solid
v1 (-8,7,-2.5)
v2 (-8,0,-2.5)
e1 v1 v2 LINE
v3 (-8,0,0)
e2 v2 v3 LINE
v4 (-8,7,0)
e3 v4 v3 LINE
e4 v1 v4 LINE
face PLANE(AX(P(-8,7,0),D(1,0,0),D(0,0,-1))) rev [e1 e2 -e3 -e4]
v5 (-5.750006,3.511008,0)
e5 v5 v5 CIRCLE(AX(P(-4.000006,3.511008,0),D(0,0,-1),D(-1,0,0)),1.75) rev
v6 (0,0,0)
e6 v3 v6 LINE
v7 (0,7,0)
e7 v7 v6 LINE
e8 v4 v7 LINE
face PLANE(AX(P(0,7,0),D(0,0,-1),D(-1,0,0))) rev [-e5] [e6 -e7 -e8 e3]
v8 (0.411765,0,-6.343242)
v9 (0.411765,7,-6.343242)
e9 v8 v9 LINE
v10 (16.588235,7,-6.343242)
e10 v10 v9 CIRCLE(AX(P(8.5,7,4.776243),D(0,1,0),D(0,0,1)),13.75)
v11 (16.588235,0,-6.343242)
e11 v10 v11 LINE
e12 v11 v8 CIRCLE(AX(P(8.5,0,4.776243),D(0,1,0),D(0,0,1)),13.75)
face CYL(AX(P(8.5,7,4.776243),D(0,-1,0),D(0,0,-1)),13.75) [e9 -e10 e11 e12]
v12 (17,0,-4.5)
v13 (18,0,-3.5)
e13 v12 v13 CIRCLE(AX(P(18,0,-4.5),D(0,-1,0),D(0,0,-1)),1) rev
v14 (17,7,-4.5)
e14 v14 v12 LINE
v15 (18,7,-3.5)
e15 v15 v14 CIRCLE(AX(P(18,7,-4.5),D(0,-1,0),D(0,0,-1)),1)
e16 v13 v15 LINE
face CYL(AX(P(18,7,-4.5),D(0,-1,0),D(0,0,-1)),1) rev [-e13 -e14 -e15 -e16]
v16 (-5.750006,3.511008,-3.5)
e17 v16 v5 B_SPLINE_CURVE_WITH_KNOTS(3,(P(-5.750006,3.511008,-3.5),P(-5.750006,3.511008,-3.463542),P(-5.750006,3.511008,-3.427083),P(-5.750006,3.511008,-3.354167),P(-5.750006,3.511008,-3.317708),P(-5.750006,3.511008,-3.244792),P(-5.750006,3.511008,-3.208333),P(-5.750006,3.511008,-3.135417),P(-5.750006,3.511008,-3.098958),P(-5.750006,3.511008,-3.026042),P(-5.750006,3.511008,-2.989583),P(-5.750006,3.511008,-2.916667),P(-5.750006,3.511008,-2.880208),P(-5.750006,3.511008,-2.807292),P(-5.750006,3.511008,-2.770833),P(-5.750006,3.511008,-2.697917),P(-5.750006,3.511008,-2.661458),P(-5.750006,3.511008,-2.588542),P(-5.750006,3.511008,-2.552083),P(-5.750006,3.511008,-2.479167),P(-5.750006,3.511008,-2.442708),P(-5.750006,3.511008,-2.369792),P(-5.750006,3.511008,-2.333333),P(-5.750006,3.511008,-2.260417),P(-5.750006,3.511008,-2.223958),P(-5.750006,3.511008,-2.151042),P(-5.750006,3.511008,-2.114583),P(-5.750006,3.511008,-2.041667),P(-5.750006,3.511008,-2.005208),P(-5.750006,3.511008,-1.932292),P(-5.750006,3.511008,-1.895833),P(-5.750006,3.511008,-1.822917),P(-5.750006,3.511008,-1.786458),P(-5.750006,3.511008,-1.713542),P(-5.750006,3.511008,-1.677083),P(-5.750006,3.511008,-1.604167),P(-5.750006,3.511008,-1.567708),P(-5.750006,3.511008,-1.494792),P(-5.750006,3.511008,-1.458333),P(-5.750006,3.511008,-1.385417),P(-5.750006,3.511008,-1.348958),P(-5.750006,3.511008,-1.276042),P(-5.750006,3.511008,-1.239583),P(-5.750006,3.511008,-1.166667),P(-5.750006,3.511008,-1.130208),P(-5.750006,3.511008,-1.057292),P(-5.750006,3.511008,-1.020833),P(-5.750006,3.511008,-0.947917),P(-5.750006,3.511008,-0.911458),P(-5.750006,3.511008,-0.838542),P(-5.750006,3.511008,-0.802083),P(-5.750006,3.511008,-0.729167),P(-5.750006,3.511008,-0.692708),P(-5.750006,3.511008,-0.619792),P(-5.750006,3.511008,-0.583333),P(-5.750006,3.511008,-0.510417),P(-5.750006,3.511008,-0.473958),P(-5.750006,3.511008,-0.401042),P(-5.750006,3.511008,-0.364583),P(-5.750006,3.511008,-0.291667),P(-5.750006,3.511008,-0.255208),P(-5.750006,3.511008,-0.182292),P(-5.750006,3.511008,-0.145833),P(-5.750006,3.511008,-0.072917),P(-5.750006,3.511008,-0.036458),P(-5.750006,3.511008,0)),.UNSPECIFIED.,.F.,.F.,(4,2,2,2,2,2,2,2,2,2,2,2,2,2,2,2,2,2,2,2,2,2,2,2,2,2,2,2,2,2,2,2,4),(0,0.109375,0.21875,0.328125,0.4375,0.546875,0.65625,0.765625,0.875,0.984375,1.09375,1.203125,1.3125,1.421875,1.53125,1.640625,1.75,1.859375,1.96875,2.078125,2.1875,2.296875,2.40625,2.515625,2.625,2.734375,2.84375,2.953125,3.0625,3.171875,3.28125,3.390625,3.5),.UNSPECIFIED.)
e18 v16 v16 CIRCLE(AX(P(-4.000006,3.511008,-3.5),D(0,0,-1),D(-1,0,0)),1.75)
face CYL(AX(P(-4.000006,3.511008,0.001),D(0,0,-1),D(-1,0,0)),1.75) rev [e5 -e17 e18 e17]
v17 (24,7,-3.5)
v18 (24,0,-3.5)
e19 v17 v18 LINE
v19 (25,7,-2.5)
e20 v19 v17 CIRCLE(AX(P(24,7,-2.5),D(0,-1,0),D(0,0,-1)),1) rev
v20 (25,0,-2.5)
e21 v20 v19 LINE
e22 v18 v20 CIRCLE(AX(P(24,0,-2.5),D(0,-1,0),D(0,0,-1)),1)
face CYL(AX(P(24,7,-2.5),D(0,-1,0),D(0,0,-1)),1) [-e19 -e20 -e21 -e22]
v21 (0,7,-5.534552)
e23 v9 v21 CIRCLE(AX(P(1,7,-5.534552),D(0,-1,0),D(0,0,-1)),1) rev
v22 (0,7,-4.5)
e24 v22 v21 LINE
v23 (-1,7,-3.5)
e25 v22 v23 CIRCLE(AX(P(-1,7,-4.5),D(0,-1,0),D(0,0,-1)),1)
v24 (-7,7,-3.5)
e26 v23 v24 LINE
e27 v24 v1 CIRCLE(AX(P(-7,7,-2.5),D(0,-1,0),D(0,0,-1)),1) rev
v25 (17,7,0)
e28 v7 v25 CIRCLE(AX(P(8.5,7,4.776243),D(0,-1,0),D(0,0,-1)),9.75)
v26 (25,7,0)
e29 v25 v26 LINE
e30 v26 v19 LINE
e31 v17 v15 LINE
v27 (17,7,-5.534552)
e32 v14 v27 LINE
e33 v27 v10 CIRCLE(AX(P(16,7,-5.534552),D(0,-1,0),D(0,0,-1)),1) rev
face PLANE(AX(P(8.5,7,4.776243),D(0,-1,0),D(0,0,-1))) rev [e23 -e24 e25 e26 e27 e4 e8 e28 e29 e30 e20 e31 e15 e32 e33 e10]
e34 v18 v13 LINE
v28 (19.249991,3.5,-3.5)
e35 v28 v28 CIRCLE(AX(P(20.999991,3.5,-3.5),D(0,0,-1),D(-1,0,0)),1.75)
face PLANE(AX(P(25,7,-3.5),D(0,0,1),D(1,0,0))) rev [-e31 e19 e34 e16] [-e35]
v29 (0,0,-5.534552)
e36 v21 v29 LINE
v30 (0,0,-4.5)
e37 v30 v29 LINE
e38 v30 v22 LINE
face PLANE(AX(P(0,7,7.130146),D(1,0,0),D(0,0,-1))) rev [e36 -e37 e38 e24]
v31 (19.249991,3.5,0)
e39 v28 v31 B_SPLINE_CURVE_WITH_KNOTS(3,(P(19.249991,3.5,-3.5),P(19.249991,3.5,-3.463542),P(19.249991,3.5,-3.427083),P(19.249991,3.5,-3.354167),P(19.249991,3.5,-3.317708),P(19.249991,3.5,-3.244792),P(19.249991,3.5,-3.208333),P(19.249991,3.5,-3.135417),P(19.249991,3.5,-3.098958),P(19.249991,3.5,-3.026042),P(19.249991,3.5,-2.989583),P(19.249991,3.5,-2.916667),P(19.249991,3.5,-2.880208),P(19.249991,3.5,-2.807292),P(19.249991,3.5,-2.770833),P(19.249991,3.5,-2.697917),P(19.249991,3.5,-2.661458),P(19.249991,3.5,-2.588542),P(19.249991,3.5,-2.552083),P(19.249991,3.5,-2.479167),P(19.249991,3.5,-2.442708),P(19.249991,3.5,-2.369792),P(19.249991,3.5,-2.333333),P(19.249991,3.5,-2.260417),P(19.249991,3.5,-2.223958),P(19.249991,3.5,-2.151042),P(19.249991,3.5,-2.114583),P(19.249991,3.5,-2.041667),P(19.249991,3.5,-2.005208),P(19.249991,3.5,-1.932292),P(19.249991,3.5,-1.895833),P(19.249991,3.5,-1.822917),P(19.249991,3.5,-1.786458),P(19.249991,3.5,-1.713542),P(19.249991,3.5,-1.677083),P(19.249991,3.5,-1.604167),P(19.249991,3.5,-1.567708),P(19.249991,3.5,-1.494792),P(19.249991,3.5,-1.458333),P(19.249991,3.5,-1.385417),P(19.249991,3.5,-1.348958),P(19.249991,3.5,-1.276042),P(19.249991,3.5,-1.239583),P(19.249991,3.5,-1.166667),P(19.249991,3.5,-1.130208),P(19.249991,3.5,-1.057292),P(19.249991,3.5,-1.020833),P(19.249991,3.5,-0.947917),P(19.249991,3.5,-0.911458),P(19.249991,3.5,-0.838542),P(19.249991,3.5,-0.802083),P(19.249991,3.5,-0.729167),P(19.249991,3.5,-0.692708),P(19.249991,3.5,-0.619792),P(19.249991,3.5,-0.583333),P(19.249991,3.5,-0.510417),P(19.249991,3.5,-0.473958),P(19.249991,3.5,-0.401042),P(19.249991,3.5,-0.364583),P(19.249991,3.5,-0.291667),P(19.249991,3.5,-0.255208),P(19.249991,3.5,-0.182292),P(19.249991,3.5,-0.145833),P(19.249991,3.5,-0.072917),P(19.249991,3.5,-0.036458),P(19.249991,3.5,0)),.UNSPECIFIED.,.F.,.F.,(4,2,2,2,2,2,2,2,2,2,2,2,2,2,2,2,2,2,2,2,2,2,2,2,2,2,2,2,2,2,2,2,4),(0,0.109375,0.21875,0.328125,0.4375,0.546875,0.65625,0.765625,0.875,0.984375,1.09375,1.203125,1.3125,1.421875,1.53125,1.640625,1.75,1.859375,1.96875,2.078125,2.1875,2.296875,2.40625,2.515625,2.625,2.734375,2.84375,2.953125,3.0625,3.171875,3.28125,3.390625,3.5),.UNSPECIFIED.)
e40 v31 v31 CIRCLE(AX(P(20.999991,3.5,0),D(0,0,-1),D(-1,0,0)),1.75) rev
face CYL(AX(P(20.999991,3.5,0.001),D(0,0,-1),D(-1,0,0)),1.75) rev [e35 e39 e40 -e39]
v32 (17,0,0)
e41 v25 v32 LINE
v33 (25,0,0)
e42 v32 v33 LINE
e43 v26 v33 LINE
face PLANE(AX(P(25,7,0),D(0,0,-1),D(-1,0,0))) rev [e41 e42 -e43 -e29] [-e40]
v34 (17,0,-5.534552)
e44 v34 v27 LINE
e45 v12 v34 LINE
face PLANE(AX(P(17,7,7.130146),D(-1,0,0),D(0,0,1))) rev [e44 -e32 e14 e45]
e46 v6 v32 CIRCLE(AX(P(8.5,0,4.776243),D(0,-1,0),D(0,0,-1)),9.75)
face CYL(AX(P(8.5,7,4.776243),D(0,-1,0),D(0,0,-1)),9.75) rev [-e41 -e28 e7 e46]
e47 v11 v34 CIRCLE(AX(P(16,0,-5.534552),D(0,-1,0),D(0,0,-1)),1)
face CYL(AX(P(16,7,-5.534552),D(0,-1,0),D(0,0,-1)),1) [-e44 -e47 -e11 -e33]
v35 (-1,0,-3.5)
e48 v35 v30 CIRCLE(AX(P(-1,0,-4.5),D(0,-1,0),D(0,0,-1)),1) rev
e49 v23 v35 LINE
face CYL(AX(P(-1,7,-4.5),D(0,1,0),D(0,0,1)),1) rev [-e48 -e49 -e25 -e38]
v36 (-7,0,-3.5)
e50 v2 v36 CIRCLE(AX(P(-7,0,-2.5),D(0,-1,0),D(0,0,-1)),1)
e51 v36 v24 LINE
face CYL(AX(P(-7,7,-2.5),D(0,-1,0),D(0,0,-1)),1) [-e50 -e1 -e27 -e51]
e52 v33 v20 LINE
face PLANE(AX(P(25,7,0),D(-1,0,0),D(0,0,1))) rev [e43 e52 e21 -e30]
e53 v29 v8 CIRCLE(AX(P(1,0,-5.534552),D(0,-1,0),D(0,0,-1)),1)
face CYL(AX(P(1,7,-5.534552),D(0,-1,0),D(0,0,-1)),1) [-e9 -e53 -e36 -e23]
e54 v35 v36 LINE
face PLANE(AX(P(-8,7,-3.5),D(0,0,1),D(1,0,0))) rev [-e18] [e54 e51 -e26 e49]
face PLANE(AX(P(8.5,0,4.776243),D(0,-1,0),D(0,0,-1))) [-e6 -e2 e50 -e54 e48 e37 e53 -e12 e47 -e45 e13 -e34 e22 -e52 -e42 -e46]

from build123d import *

# Parameters (mm, degrees)
BOSS_EXTRUDE1_DEPTH = 7
SKETCH4_W           = 8
SKETCH4_H           = 7
CUT_EXTRUDE5_DEPTH  = 5.473756706
CUT_EXTRUDE6_REACH  = 28.532
SKETCH7_R           = 1.75
FILLET3_R           = 1


with BuildPart() as part:
    # Sketch1 → Boss-Extrude1 (new body)
    with BuildSketch(Plane(origin=(0, 0, 0), x_dir=(1, 0, 0), z_dir=(0, 1, 0))):
        with BuildLine():
            Line((0, 0), (-8, 0))
            Line((-8, 0), (-8, 3.5))
            Line((-8, 3.5), (-2.480268528, 3.5))
            ThreePointArc((-2.480268528, 3.5), (8.5, 8.973756706), (19.480268528, 3.5))
            Line((19.480268528, 3.5), (25, 3.5))
            Line((25, 3.5), (25, 0))
            Line((25, 0), (17, 0))
            ThreePointArc((17, 0), (8.5, 4.973756706), (0, 0))
        make_face()
    extrude(amount=BOSS_EXTRUDE1_DEPTH)

    # Sketch4 → Cut-Extrude5 (cut)
    with BuildSketch(Plane(origin=(0, 0, -8.973756706), x_dir=(-1, 0, 0), z_dir=(0, 0, -1))):
        with Locations((-21, 3.5)):
            Rectangle(SKETCH4_W, SKETCH4_H)
        with Locations((4, 3.5)):
            Rectangle(SKETCH4_W, SKETCH4_H)
    extrude(amount=-CUT_EXTRUDE5_DEPTH, mode=Mode.SUBTRACT)

    # Sketch7 → Cut-Extrude6 (cut, up to next)
    with BuildSketch(Plane(origin=(0, 0, -3.5), x_dir=(-1, 0, 0), z_dir=(0, 0, -1)), mode=Mode.PRIVATE) as cut_extrude6_sk1:
        with Locations((-20.999991214, 3.5)):
            Circle(SKETCH7_R)
    cut_extrude6_tool1 = extrude(cut_extrude6_sk1.sketch, amount=-CUT_EXTRUDE6_REACH, mode=Mode.PRIVATE) & part.part
    # Sketch7 → Cut-Extrude6 (cut, up to next)
    with BuildSketch(Plane(origin=(0, 0, -3.5), x_dir=(-1, 0, 0), z_dir=(0, 0, -1)), mode=Mode.PRIVATE) as cut_extrude6_sk2:
        with Locations((4.000006362, 3.511008166)):
            Circle(SKETCH7_R)
    cut_extrude6_tool2 = extrude(cut_extrude6_sk2.sketch, amount=-CUT_EXTRUDE6_REACH, mode=Mode.PRIVATE) & part.part
    add(cut_extrude6_tool1.solids().sort_by_distance((20.999991, 3.5, -3.5))[0], mode=Mode.SUBTRACT)
    add(cut_extrude6_tool2.solids().sort_by_distance((-4.000006, 3.511008, -3.5))[0], mode=Mode.SUBTRACT)

    # Fillet3
    fillet3_edges = [part.edges().sort_by_distance(p)[0] for p in [
        (-8, 3.5, -3.5),
        (25, 3.5, -3.5),
        (17, 3.5, -6.031739867),
        (17, 3.5, -3.5),
        (0, 3.5, -6.031739867),
        (0, 3.5, -3.5),
    ]]
    fillet(fillet3_edges, radius=FILLET3_R)


solid = part.part
